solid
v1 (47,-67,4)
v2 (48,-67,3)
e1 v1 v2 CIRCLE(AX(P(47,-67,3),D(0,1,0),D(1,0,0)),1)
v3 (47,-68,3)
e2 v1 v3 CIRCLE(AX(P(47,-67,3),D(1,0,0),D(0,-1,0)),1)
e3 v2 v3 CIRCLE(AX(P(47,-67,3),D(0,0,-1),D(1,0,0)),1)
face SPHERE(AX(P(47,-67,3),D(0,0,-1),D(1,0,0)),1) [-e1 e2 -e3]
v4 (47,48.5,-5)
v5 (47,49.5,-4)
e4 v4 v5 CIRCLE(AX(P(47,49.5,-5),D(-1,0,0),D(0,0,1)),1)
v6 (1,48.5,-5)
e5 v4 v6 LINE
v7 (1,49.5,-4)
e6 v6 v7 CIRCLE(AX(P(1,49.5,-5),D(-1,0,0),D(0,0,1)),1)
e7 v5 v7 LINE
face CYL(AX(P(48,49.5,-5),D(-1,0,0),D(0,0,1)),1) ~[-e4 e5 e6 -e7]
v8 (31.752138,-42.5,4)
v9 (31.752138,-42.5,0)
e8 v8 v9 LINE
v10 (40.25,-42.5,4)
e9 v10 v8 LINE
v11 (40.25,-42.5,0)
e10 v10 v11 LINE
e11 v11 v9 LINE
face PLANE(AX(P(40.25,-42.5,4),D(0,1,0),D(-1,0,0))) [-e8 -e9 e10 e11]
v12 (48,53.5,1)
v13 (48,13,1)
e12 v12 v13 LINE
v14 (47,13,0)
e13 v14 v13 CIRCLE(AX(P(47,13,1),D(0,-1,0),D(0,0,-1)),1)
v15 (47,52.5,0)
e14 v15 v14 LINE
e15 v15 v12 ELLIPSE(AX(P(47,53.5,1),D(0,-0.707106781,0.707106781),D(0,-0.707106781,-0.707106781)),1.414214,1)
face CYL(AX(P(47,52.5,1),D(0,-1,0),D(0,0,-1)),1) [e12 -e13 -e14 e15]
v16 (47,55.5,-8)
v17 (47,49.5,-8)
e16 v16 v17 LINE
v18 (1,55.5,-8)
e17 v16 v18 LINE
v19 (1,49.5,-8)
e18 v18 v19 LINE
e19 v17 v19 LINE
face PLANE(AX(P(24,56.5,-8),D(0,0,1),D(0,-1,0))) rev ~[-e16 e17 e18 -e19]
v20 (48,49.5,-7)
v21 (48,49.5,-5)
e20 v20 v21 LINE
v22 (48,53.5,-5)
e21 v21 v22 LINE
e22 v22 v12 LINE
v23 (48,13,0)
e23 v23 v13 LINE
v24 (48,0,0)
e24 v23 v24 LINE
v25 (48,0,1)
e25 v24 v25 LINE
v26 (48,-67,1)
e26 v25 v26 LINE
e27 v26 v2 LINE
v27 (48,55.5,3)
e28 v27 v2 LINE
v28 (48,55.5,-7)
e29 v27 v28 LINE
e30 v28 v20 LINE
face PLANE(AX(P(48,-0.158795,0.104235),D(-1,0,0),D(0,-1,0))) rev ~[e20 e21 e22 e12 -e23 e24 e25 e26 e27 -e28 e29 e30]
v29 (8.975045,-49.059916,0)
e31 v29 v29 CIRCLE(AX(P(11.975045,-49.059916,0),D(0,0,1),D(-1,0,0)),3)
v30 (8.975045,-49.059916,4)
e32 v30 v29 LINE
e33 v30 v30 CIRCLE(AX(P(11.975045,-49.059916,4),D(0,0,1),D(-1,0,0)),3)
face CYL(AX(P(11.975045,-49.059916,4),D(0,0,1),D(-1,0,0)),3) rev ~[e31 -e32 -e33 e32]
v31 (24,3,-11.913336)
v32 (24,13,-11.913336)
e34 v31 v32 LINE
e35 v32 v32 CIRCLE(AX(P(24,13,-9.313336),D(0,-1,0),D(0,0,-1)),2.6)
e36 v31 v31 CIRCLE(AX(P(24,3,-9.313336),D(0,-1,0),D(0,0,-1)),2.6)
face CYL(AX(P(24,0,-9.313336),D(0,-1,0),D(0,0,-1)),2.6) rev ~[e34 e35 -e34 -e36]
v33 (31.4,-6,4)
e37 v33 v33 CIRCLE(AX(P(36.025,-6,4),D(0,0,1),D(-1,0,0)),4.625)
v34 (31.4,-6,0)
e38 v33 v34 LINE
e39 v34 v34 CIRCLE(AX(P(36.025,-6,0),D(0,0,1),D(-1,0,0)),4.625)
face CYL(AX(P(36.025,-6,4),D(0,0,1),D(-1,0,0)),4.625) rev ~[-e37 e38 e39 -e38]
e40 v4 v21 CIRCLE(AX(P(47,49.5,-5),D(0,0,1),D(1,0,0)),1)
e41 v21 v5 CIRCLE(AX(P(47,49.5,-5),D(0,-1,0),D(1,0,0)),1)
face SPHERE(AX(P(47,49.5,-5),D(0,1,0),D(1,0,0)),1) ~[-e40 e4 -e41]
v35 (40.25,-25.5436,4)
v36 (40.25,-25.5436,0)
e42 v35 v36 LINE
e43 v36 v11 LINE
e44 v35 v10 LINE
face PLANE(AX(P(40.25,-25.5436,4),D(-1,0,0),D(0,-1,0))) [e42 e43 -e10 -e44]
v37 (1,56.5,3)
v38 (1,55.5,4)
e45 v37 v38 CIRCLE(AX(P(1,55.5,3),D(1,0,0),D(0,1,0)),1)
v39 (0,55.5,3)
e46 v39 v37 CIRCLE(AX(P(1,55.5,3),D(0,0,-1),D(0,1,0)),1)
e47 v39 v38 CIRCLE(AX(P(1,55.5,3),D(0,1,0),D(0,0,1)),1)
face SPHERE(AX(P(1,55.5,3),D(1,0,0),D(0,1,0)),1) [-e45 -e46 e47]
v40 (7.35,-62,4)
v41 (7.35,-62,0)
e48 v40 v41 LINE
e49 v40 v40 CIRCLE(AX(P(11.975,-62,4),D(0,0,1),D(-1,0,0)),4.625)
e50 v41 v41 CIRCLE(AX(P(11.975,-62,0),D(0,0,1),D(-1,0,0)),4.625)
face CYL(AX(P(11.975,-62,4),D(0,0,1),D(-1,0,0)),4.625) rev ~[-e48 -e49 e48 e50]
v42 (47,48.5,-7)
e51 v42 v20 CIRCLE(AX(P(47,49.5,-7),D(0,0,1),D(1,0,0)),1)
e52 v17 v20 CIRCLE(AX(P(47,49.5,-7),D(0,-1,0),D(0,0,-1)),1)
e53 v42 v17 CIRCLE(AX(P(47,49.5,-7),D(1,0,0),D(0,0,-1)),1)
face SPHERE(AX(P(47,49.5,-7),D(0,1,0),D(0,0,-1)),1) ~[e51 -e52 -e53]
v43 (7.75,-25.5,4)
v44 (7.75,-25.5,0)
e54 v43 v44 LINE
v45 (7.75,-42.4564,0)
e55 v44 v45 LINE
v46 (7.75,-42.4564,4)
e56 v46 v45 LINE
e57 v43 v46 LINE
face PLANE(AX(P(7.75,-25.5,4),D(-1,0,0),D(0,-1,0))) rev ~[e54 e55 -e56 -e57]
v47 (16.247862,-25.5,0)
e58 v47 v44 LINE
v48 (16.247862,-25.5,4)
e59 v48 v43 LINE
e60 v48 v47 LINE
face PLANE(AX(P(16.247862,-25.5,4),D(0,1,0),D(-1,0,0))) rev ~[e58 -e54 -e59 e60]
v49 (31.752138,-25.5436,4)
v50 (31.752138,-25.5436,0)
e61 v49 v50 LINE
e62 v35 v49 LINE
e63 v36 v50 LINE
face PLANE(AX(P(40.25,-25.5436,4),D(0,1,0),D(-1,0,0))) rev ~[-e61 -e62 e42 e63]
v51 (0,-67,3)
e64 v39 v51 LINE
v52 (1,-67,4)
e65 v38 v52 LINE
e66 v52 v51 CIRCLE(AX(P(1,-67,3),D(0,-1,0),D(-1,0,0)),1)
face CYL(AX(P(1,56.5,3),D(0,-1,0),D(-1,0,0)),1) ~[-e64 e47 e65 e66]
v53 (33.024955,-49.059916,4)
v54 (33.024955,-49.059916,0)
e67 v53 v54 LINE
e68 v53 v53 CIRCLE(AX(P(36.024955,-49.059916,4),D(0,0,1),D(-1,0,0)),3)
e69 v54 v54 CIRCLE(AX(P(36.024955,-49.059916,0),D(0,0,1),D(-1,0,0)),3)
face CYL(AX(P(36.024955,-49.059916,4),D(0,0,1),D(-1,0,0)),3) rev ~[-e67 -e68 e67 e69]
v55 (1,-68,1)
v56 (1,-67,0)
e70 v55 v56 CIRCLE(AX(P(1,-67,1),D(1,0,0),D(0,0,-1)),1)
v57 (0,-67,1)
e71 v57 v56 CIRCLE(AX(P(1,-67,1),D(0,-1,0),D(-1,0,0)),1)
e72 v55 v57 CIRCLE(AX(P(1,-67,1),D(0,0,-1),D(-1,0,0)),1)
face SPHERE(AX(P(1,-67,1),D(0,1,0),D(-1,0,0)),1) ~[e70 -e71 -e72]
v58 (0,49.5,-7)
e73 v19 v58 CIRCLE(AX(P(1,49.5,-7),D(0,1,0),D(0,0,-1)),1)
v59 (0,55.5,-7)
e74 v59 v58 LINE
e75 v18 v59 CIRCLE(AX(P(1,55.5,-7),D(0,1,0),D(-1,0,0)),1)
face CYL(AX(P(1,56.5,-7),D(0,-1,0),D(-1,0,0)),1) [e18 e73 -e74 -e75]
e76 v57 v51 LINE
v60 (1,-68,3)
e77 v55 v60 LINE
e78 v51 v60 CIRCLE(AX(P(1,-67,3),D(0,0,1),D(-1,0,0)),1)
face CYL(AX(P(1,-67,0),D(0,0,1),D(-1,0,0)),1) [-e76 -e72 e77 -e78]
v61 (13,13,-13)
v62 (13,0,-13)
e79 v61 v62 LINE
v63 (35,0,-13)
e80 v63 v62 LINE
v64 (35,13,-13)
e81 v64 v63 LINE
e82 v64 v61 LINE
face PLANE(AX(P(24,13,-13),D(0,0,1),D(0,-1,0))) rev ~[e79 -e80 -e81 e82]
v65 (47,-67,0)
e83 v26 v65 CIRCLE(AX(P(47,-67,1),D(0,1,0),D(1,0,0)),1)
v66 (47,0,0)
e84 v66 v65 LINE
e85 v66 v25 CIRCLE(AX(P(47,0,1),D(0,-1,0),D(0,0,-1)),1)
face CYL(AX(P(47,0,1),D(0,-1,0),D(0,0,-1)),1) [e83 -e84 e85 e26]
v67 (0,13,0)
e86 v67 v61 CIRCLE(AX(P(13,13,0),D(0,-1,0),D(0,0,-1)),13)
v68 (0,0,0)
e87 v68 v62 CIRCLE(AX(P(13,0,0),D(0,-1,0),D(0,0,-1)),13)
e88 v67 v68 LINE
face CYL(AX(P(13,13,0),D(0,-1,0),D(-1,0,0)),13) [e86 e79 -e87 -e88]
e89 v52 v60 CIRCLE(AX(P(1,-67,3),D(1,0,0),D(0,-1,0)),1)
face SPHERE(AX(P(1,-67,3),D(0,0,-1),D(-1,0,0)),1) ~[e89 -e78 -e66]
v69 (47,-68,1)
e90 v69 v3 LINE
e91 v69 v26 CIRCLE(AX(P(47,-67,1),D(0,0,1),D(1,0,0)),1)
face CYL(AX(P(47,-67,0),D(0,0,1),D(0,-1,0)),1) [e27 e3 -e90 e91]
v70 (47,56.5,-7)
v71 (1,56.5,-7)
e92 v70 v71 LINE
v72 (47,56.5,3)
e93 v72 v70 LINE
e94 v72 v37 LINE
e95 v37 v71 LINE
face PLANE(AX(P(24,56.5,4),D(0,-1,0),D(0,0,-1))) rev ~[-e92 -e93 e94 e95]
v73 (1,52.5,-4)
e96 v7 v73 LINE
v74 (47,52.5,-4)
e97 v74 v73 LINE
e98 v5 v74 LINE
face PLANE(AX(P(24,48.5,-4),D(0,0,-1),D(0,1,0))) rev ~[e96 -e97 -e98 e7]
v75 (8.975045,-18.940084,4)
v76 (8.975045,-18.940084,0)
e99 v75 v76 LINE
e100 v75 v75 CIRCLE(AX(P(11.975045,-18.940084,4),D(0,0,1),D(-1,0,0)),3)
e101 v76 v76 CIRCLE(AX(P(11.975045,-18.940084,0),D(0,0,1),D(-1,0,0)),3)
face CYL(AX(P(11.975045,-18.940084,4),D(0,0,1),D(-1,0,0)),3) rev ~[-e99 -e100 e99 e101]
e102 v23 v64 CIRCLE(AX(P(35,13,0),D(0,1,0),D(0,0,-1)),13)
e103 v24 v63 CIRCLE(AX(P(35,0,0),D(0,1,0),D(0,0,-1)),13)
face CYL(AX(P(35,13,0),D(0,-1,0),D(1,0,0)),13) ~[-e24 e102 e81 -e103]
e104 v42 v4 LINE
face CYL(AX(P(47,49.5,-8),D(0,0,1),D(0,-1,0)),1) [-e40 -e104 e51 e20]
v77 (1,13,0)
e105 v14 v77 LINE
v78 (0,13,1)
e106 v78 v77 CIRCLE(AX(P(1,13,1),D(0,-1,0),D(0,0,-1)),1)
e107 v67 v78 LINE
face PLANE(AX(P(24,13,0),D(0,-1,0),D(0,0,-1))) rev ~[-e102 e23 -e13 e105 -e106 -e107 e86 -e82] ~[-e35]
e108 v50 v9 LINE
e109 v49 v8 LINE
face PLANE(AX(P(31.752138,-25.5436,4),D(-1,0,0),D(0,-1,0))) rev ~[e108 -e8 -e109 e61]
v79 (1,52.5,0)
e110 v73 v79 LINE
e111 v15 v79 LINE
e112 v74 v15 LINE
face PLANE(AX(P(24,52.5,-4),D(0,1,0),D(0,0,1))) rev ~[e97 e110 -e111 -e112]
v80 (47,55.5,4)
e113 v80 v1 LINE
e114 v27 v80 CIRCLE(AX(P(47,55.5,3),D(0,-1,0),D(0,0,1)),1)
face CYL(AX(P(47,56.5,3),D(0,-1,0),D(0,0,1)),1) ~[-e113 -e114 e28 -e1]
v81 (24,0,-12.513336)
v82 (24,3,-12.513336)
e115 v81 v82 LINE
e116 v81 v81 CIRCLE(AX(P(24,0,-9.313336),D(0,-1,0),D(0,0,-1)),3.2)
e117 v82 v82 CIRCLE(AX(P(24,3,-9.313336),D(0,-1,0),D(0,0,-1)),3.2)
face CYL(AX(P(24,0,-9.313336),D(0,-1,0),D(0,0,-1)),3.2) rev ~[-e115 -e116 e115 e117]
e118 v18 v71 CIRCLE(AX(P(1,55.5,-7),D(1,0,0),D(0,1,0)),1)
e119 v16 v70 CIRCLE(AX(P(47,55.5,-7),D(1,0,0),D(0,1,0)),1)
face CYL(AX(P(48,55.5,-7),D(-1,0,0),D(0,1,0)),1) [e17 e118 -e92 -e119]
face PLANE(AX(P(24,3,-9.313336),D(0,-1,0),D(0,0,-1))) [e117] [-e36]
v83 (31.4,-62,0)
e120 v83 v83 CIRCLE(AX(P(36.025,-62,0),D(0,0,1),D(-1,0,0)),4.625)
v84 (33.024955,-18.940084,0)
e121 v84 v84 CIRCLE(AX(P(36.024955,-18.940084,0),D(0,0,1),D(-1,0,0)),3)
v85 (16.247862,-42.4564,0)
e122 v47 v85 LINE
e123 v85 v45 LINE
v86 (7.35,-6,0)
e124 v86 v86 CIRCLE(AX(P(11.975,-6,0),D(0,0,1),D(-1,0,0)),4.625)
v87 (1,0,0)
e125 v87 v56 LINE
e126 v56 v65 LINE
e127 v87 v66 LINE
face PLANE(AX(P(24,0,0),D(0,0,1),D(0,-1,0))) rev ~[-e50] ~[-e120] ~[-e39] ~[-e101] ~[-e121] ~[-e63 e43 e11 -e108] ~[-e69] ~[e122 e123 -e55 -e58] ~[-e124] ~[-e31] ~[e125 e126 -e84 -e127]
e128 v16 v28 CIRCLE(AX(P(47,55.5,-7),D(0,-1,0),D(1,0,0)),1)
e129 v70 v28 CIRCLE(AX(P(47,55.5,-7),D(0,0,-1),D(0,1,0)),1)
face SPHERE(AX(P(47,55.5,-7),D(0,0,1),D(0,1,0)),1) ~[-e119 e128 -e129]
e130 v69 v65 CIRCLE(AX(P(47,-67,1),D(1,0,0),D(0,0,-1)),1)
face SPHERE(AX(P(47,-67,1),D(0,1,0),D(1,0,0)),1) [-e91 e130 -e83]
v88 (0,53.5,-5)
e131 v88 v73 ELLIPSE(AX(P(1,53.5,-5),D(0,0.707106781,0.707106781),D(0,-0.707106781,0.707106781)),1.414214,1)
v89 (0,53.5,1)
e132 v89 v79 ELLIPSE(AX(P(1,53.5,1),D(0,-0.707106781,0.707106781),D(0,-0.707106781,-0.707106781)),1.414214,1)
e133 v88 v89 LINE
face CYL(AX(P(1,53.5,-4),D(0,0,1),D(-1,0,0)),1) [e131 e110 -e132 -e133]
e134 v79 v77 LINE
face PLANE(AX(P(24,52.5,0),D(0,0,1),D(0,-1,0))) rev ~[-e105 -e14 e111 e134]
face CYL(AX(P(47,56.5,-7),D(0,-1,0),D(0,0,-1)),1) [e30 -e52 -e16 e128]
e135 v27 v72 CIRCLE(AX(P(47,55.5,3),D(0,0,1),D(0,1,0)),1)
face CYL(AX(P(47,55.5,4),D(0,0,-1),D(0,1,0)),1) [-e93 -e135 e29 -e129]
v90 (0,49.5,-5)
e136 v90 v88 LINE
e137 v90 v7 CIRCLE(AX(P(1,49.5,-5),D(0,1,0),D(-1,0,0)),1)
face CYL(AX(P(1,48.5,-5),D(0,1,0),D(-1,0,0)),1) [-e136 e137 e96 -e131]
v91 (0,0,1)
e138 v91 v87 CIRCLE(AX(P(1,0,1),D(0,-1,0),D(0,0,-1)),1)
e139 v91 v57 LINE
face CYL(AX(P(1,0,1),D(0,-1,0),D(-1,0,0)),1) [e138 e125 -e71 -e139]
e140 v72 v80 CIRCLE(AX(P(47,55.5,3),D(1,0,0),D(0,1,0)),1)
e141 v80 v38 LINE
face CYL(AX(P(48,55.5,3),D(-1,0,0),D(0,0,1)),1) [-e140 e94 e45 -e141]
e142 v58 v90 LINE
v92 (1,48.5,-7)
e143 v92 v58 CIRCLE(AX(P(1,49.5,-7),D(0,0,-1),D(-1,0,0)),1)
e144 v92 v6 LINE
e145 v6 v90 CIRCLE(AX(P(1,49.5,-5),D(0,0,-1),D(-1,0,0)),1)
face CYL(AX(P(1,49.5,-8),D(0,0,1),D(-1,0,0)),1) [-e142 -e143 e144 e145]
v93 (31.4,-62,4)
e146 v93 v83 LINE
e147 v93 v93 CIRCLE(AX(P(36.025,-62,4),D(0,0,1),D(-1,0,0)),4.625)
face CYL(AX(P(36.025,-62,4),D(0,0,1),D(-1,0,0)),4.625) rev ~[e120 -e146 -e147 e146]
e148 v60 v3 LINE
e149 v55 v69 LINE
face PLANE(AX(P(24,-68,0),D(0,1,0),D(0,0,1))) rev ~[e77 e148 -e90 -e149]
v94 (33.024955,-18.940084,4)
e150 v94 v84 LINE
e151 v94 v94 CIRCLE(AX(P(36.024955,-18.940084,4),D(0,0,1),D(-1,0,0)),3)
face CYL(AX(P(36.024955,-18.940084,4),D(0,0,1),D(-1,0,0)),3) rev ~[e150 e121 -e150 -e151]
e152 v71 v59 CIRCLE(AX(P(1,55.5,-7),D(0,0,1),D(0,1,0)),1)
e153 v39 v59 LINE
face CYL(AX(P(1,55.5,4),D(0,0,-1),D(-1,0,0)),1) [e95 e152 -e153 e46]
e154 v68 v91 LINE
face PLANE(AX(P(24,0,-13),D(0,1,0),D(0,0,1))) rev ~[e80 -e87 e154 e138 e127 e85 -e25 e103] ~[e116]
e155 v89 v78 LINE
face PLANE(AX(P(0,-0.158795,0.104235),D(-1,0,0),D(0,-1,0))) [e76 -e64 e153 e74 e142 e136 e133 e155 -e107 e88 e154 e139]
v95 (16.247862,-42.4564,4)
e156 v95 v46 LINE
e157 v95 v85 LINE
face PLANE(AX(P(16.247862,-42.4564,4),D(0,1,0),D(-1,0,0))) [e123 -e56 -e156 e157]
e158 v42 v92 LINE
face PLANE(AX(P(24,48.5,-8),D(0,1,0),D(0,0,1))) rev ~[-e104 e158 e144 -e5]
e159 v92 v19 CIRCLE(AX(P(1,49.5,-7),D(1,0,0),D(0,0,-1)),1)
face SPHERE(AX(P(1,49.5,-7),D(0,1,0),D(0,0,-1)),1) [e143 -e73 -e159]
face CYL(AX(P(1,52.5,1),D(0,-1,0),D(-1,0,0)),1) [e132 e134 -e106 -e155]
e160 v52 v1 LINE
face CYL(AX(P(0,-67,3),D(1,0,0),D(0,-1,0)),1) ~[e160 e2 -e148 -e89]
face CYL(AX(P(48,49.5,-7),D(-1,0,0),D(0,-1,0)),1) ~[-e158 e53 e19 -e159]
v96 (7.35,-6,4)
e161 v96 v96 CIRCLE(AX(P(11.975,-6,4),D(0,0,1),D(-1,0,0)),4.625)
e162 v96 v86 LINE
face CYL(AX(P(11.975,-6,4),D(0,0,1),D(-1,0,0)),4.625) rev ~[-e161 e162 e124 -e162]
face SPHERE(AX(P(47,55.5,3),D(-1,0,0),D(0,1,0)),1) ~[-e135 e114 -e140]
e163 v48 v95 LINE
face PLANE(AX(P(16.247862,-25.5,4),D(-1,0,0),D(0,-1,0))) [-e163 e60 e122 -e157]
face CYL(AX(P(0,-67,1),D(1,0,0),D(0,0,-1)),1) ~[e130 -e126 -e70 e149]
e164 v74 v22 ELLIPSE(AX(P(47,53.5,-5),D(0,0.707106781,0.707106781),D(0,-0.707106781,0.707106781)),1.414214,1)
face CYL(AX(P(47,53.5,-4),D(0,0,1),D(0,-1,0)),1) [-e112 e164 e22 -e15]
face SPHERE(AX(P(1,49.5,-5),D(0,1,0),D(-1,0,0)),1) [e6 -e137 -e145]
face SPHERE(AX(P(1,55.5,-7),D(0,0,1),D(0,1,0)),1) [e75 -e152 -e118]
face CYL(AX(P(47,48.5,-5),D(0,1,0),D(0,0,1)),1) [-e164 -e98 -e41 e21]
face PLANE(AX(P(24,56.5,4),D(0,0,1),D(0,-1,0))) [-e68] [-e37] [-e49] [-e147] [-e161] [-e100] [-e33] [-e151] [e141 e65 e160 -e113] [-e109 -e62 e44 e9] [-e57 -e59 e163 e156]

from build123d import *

# Parameters (mm, degrees)
PAD_DEPTH       = 24
SKETCH_R        = 4.625
SKETCH_R_2      = 3
SKETCH_W        = 8.497862
SKETCH_H        = 16.9564
POCKET_DEPTH    = 4
SKETCH003_R     = 2.6
POCKET001_DEPTH = 13
FILLET_R        = 13
FILLET001_R     = 1
SKETCH004_R     = 3.2
POCKET002_DEPTH = 3


with BuildPart() as part:
    # Sketch002 → Pad (new body, symmetric)
    with BuildSketch(Plane.YZ.offset(24)):
        Polygon((0, 4), (56.5, 4), (56.5, -8), (48.5, -8), (48.5, -4), (52.5, -4), (52.5, 0), (13, 0), (13, -13), (0, -13), (0, 0), (-68, 0), (-68, 4), align=None)
    extrude(amount=PAD_DEPTH, both=True)

    # Sketch (on Face13 of Pad) → Pocket (cut)
    with BuildSketch(Plane(origin=(24, -34, 4), x_dir=(-1, 0, 0), z_dir=(0, 0, 1))):
        with Locations((-12.025, 28)):
            Circle(SKETCH_R)
        with Locations((12.025, 28)):
            Circle(SKETCH_R)
        with Locations((12.025, -28)):
            Circle(SKETCH_R)
        with Locations((-12.025, -28)):
            Circle(SKETCH_R)
        with Locations((-12.024955, 15.059916)):
            Circle(SKETCH_R_2)
        with Locations((12.024955, 15.059916)):
            Circle(SKETCH_R_2)
        with Locations((12.024955, -15.059916)):
            Circle(SKETCH_R_2)
        with Locations((-12.024955, -15.059916)):
            Circle(SKETCH_R_2)
        with Locations((-12.001069, 0.0218)):
            Rectangle(SKETCH_W, SKETCH_H)
        with Locations((12.001069, -0.0218)):
            Rectangle(SKETCH_W, SKETCH_H)
    extrude(amount=-POCKET_DEPTH, mode=Mode.SUBTRACT)

    # Sketch003 (on Face30 of Pocket) → Pocket001 (cut)
    with BuildSketch(Plane(origin=(24, 0, 0), x_dir=(0, 0, -1), z_dir=(0, -1, 0))):
        with Locations((9.313336, 0)):
            Circle(SKETCH003_R)
    extrude(amount=-POCKET001_DEPTH, mode=Mode.SUBTRACT)

    # Fillet
    fillet_edges = [part.edges().sort_by_distance(p)[0] for p in [
        (48, 6.5, -13),
        (0, 6.5, -13),
    ]]
    fillet(fillet_edges, radius=FILLET_R)

    # Fillet001
    fillet001_edges = [part.edges().sort_by_distance(p)[0] for p in [
        (24, 56.5, 4),
        (0, 56.5, -2),
        (48, 56.5, -2),
        (24, 56.5, -8),
        (0, 52.5, -8),
        (48, 52.5, -8),
        (24, 48.5, -8),
        (0, 6.5, 0),
        (0, 32.75, 0),
        (0, -34, 0),
        (0, 52.5, -2),
        (0, -68, 2),
        (0, 50.5, -4),
        (0, -34, 4),
        (0, 48.5, -6),
        (0, 28.25, 4),
        (48, 6.5, 0),
        (48, 32.75, 0),
        (48, -34, 0),
        (48, 52.5, -2),
        (48, -68, 2),
        (48, 50.5, -4),
        (48, -34, 4),
        (48, 48.5, -6),
        (48, 28.25, 4),
        (24, -68, 4),
        (24, -68, 0),
        (24, 48.5, -4),
    ]]
    fillet(fillet001_edges, radius=FILLET001_R)

    # Sketch004 (on Face5 of Fillet001) → Pocket002 (cut)
    with BuildSketch(Plane(origin=(24, 0, 0), x_dir=(0, 0, -1), z_dir=(0, -1, 0))):
        with Locations((9.313336, 0)):
            Circle(SKETCH004_R)
    extrude(amount=-POCKET002_DEPTH, mode=Mode.SUBTRACT)


solid = part.part
